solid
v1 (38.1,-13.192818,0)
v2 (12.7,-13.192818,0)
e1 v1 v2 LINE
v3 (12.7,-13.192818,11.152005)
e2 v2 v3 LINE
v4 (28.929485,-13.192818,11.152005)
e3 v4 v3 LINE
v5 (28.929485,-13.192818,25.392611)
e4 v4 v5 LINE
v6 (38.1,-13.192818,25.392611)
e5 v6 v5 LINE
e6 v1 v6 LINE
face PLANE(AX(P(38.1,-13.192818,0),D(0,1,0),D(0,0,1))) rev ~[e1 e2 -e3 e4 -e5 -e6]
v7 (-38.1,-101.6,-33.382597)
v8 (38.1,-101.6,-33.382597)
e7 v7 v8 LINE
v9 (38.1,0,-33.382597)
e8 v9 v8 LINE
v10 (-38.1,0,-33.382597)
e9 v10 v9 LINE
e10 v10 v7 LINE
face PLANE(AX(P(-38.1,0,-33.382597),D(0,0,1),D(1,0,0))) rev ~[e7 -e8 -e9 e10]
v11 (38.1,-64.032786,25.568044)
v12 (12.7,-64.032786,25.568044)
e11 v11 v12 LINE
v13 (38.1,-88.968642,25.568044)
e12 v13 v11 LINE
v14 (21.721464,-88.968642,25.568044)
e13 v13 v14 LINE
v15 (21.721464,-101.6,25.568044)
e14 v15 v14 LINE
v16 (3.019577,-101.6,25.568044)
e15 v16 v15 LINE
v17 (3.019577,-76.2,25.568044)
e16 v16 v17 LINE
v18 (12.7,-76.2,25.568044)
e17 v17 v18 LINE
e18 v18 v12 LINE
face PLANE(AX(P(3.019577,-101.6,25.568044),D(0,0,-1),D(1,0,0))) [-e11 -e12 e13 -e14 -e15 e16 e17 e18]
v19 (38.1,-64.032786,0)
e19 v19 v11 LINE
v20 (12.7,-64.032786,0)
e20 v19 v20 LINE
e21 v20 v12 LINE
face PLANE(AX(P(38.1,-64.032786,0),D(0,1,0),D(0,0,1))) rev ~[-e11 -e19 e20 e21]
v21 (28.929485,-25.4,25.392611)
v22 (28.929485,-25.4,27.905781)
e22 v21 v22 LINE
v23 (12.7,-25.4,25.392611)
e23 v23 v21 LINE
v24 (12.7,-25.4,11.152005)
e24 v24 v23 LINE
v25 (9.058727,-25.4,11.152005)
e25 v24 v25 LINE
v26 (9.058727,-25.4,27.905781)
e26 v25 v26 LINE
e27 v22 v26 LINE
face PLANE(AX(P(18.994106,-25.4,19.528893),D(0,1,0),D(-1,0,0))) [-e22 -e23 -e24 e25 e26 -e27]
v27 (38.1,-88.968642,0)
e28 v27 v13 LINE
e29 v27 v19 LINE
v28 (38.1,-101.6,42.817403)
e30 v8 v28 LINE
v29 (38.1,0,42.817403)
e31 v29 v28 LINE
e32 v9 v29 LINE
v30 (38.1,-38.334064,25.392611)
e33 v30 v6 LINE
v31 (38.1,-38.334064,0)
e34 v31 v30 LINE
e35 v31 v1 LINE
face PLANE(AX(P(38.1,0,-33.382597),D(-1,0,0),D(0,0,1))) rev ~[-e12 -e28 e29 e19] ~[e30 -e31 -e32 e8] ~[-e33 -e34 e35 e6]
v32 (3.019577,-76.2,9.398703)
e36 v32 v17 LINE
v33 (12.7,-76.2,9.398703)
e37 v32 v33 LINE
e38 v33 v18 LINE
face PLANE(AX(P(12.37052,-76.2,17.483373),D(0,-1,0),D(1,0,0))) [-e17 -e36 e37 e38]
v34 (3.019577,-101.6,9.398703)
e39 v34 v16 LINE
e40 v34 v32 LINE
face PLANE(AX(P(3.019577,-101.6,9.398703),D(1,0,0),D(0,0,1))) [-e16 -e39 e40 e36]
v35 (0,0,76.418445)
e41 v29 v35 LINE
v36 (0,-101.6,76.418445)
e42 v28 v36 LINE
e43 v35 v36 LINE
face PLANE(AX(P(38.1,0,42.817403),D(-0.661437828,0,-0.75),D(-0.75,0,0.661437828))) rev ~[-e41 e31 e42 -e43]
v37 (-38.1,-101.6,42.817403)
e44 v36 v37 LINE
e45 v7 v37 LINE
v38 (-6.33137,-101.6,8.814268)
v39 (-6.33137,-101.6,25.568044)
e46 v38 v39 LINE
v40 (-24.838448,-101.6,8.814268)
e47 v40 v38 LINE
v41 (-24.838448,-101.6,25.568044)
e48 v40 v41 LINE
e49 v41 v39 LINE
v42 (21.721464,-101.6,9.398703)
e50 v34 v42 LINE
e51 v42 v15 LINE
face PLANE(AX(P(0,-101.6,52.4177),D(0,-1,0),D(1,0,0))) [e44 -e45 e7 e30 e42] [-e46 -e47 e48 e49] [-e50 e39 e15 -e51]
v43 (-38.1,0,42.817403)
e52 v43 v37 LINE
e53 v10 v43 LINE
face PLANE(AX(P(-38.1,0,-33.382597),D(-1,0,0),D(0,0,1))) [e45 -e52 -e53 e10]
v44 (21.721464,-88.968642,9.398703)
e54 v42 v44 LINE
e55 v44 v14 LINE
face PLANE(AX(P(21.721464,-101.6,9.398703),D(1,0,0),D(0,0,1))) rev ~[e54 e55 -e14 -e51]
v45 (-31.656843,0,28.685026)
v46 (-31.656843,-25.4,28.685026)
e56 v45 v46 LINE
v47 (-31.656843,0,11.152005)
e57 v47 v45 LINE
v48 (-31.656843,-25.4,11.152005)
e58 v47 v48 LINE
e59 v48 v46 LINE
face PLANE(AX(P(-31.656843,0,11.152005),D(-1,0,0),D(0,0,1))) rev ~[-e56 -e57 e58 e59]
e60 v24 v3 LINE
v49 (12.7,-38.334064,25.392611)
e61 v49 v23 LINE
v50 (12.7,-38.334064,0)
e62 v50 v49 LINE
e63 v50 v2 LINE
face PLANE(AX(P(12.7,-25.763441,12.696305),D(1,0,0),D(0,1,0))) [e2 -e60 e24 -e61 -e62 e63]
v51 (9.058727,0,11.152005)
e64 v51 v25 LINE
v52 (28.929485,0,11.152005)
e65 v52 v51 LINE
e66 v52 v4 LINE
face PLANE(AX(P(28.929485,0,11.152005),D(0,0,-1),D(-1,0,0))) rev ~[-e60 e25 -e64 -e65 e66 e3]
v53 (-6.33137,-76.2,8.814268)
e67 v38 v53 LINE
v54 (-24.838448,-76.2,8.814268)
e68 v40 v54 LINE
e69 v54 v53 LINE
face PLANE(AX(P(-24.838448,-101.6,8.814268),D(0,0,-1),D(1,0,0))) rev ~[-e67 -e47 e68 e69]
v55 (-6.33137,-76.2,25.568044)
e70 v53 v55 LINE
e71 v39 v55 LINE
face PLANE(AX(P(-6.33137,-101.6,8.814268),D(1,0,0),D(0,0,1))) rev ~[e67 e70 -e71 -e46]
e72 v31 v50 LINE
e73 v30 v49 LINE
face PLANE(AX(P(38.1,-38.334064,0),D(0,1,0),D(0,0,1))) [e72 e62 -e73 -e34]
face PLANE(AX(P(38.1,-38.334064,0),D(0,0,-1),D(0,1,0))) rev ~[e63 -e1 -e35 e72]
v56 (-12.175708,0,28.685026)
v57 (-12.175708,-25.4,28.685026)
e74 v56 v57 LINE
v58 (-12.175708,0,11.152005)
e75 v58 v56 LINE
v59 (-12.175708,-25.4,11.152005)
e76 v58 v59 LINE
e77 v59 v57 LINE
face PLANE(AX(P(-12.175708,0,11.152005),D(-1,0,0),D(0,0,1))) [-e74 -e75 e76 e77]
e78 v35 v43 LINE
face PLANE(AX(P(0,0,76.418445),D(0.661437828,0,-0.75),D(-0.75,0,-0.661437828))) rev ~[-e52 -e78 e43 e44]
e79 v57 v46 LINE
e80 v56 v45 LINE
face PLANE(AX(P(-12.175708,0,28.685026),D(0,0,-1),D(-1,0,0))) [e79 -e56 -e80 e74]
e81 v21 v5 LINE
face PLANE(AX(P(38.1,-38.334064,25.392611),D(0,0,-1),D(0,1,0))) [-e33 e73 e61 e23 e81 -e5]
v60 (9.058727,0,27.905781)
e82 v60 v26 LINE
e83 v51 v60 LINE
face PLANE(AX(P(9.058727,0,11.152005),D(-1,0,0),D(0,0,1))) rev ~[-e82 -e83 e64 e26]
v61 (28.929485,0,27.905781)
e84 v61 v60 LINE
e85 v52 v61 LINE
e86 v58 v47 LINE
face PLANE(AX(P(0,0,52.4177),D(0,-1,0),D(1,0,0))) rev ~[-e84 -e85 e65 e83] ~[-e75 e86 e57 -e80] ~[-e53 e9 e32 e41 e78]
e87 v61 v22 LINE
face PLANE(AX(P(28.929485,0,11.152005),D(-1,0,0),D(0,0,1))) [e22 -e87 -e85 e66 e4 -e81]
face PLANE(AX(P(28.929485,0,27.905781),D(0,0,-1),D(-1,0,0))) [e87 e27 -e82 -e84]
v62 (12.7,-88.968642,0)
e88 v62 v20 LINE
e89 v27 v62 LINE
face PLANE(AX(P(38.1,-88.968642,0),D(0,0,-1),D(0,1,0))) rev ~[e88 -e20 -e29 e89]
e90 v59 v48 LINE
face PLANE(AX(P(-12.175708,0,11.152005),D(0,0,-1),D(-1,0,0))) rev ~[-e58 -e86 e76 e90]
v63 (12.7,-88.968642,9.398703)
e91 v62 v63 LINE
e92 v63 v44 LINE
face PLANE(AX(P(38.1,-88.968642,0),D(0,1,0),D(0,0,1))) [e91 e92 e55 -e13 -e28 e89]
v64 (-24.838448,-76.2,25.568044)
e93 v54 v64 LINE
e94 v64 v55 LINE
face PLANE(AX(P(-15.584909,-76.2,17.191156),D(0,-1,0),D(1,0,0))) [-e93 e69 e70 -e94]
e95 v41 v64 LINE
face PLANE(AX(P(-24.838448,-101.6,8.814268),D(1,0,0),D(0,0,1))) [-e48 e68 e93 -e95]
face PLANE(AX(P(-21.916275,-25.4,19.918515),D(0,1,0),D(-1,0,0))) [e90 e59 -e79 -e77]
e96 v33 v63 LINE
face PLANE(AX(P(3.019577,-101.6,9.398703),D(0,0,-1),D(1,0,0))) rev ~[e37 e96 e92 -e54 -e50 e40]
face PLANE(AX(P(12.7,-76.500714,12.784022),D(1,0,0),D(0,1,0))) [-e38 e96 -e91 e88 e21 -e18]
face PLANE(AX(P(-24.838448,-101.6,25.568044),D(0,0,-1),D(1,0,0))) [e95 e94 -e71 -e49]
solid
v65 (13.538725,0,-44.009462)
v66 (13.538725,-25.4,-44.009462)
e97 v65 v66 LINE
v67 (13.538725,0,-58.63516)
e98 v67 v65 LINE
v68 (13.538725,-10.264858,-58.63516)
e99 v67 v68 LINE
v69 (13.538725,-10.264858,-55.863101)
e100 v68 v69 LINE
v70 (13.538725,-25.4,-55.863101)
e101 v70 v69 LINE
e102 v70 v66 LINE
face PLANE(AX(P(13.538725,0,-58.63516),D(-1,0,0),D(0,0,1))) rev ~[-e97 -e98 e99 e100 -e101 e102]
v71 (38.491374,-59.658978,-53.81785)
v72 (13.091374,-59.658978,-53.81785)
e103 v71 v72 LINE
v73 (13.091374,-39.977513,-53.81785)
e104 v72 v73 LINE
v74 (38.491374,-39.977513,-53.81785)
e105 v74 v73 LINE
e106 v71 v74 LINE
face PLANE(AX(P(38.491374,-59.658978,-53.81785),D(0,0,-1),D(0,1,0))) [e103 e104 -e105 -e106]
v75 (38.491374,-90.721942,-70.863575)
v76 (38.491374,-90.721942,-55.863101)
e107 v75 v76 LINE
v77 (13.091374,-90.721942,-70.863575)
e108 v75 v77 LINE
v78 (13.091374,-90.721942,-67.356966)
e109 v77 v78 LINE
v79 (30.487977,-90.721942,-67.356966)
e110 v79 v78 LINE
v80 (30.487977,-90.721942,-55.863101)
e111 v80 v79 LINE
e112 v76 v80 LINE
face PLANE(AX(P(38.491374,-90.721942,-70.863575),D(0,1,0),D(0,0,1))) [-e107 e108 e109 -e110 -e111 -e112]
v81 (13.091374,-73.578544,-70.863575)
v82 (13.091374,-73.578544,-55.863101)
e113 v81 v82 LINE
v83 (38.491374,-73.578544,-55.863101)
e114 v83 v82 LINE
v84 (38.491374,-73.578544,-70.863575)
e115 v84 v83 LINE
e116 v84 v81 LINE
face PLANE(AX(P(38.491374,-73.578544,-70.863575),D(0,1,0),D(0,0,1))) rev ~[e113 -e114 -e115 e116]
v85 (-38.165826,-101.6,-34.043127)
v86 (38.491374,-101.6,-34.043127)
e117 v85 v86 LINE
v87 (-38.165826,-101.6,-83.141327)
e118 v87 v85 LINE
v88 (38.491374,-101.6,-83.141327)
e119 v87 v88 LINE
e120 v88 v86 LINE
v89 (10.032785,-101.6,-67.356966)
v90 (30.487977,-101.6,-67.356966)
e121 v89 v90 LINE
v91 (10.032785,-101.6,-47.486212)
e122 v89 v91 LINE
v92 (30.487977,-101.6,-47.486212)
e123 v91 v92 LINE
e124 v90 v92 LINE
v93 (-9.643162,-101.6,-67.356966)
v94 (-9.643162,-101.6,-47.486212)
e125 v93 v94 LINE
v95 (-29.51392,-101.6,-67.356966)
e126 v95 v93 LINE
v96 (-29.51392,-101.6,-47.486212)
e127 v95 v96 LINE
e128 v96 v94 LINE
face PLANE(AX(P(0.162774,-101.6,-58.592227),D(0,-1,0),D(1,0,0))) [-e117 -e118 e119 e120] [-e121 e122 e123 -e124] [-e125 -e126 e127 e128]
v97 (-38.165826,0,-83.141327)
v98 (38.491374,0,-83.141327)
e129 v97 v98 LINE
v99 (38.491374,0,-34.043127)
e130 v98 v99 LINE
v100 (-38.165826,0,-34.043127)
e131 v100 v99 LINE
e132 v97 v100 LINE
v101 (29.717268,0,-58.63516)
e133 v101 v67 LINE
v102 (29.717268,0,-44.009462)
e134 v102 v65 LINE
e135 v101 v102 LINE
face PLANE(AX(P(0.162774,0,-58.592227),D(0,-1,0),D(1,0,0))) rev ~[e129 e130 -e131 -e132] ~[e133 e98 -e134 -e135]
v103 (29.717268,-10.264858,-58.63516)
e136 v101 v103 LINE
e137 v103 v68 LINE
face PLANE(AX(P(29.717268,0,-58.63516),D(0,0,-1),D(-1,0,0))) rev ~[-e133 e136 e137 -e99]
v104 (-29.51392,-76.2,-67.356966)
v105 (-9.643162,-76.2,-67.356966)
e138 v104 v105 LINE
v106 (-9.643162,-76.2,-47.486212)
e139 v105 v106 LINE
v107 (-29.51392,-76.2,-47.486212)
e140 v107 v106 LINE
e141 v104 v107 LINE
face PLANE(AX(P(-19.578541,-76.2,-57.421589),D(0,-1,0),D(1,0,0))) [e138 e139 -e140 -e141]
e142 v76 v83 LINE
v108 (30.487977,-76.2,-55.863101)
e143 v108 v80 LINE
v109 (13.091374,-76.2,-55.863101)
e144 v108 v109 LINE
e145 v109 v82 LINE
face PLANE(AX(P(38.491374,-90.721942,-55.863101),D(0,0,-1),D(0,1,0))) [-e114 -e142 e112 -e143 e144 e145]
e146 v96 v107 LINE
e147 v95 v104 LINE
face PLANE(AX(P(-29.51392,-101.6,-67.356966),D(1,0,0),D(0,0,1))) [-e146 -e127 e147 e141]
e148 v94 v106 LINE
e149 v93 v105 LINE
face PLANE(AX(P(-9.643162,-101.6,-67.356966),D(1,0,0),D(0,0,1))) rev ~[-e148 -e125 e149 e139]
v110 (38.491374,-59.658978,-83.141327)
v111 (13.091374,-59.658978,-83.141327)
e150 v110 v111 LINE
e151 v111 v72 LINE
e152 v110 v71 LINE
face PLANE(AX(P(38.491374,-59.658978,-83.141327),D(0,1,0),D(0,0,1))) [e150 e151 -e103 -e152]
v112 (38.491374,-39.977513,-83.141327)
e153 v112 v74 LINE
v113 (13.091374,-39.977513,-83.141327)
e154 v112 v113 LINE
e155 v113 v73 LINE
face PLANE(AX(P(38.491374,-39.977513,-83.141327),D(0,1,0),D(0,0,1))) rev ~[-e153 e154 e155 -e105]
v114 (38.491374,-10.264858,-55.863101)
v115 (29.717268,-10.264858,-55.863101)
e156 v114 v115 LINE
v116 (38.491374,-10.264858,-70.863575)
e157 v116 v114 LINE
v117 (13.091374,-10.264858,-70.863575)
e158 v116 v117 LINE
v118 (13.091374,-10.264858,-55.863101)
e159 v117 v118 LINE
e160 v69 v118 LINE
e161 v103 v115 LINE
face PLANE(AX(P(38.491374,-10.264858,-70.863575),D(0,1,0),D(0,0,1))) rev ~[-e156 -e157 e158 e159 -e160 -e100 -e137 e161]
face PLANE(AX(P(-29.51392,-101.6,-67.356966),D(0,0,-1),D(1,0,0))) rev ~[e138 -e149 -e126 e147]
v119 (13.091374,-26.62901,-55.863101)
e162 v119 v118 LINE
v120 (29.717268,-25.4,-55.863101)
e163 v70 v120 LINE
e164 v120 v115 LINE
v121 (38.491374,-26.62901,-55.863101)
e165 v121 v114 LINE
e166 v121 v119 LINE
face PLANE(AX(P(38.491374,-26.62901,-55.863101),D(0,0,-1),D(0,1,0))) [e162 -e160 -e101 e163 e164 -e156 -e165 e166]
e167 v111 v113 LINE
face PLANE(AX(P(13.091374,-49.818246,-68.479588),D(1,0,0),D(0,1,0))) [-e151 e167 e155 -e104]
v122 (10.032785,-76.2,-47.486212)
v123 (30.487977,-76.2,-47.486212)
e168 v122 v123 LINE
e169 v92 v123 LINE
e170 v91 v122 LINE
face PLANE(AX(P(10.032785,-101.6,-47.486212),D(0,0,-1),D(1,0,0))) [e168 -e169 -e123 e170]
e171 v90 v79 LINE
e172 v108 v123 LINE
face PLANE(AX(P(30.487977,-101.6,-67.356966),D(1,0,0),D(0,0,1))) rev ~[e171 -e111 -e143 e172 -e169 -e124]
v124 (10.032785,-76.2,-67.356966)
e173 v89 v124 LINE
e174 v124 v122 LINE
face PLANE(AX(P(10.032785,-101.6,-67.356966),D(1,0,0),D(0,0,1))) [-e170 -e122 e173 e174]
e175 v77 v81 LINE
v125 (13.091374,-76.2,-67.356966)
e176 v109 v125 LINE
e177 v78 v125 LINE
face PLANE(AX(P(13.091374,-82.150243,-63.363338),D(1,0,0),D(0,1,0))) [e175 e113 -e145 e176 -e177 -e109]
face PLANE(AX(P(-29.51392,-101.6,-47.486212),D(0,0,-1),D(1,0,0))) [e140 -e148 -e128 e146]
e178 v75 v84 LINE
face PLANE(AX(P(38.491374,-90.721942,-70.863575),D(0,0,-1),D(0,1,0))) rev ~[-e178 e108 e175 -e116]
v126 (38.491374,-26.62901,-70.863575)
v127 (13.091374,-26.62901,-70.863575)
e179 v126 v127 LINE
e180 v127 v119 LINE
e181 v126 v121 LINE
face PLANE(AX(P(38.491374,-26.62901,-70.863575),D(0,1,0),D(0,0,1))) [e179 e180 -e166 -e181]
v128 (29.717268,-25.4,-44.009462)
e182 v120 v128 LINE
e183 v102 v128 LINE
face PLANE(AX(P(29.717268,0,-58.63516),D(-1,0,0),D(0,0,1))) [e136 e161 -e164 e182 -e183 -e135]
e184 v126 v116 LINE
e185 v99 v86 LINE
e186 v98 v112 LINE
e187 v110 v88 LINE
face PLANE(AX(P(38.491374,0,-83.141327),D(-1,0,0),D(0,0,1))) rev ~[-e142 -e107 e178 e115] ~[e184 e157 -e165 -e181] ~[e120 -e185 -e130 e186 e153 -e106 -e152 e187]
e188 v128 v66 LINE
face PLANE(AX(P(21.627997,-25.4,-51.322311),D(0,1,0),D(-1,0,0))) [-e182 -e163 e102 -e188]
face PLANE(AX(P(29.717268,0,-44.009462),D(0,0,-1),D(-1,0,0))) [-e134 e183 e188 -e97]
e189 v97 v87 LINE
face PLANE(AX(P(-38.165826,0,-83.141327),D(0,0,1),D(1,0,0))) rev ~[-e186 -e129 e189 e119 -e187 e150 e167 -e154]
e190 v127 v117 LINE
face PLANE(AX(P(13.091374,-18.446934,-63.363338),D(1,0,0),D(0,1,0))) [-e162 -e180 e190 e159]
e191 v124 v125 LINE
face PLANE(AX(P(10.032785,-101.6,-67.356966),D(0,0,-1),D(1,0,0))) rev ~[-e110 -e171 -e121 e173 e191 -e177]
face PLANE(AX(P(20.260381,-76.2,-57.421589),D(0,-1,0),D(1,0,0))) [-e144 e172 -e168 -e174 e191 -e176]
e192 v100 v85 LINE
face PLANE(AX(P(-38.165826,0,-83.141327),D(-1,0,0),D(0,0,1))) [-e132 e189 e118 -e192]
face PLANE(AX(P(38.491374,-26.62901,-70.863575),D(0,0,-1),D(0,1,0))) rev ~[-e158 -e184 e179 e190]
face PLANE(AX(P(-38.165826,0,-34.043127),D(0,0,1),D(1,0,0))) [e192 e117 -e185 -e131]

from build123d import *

# Parameters (mm, degrees)
F0_W      = 127
F0_H      = 127
F1_DEPTH  = 127
F2_DEPTH  = 76.2
F4_W      = 76.2
F4_H      = 76.2
F5_DEPTH  = 76.2
F7_W      = 76.2
F7_H      = 76.2
F8_DEPTH  = 101.6
F9_W      = 76.6572
F9_H      = 49.0982
F10_DEPTH = 101.6
F11_W     = 19.6814648807
F11_H     = 29.323477298
F12_DEPTH = 25.4
F13_W     = 18.5070778243
F13_H     = 16.753775999
F13_W_2   = 18.7018865254
F13_H_2   = 16.1693412811
F14_DEPTH = 25.4
F15_W     = 17.1433985233
F15_H     = 15.0004737079
F15_W_2   = 16.3641525432
F16_DEPTH = 25.4
F17_W     = 24.9358564615
F17_H     = 25.5680438131
F17_W_2   = 25.1412466168
F17_H_2   = 25.3926105797
F18_DEPTH = 25.4
F19_W     = 19.8707580566
F19_H     = 19.8707543314
F19_W_2   = 20.4551918432
F20_DEPTH = 25.4
F21_W     = 19.8707580566
F21_H     = 16.753775999
F21_W_2   = 19.4811346009
F21_H_2   = 17.5330210477
F22_DEPTH = 25.4
F23_W     = 16.1785436794
F23_H     = 14.625698328
F24_DEPTH = 25.4


with BuildPart() as f1:
    # F0 (on Front) → F1 (new body)
    with BuildSketch(Plane.XZ):
        with Locations((0.1441091299, 23.519541322)):
            Rectangle(F0_W, F0_H)
    extrude(amount=F1_DEPTH)

    # F2 (add): a face of the model
    f2_faces = [f1.faces().sort_by_distance(p)[0] for p in [
        (0.1441091299, -127, 23.519541322),
    ]]
    extrude(f2_faces, amount=F2_DEPTH)


with BuildPart() as f5:
    # F4 (on Front) → F5 (new body)
    with BuildSketch(Plane.XZ):
        with Locations((1.1012312025, 7.9579465741)):
            Rectangle(F4_W, F4_H)
    extrude(amount=F5_DEPTH)


with BuildPart() as f8:
    # F7 (on Front) → F8 (new body)
    with BuildSketch(Plane.XZ):
        Polygon((0, 76.4184445143), (-38.1, 42.8174028638), (38.1, 42.8174028638), align=None)
        with Locations((0, 4.7174028638)):
            Rectangle(F7_W, F7_H)
    extrude(amount=F8_DEPTH)

    # F13 (on face) → F14 (cut)
    with BuildSketch(Plane.XZ.offset(101.6)):
        with Locations((-15.5849086586, 17.1911558136)):
            Rectangle(F13_W, F13_H)
        with Locations((12.3705203878, 17.4833731726)):
            Rectangle(F13_W_2, F13_H_2)
    extrude(amount=-F14_DEPTH, mode=Mode.SUBTRACT)

    # F17 (on face) → F18 (cut)
    with BuildSketch(Plane.YZ.offset(38.1)):
        with Locations((-76.5007138252, 12.7840219066)):
            Rectangle(F17_W, F17_H)
        with Locations((-25.7634408772, 12.6963052899)):
            Rectangle(F17_W_2, F17_H_2)
    extrude(amount=-F18_DEPTH, mode=Mode.SUBTRACT)

    # F21 (on face) → F22 (cut)
    with BuildSketch(Plane(origin=(0, 0, 0), x_dir=(-1, 0, 0), z_dir=(0, 1, 0))):
        with Locations((-18.9941059798, 19.5288928226)):
            Rectangle(F21_W, F21_H)
        with Locations((21.9162753783, 19.9185153469)):
            Rectangle(F21_W_2, F21_H_2)
    extrude(amount=-F22_DEPTH, mode=Mode.SUBTRACT)


with BuildPart() as f10:
    # F9 (on Front) → F10 (new body)
    with BuildSketch(Plane.XZ):
        with Locations((0.1627736495, -58.5922269043)):
            Rectangle(F9_W, F9_H)
    extrude(amount=F10_DEPTH)

    # F11 (on face) → F12 (cut)
    with BuildSketch(Plane.YZ.offset(38.4913736495)):
        with Locations((-49.818245694, -68.4795882553)):
            Rectangle(F11_W, F11_H)
    extrude(amount=-F12_DEPTH, mode=Mode.SUBTRACT)

    # F15 (on face) → F16 (cut)
    with BuildSketch(Plane.YZ.offset(38.4913736495)):
        with Locations((-82.1502432227, -63.3633378893)):
            Rectangle(F15_W, F15_H)
        with Locations((-18.4469339438, -63.3633378893)):
            Rectangle(F15_W_2, F15_H)
    extrude(amount=-F16_DEPTH, mode=Mode.SUBTRACT)

    # F19 (on face) → F20 (cut)
    with BuildSketch(Plane.XZ.offset(101.6)):
        with Locations((-19.5785406977, -57.4215892702)):
            Rectangle(F19_W, F19_H)
        with Locations((20.2603810467, -57.4215892702)):
            Rectangle(F19_W_2, F19_H)
    extrude(amount=-F20_DEPTH, mode=Mode.SUBTRACT)

    # F23 (on face) → F24 (cut)
    with BuildSketch(Plane(origin=(0, 0, 0), x_dir=(-1, 0, 0), z_dir=(0, 1, 0))):
        with Locations((-21.6279965825, -51.3223111629)):
            Rectangle(F23_W, F23_H)
    extrude(amount=-F24_DEPTH, mode=Mode.SUBTRACT)


solid = Compound([f8.part, f10.part])
